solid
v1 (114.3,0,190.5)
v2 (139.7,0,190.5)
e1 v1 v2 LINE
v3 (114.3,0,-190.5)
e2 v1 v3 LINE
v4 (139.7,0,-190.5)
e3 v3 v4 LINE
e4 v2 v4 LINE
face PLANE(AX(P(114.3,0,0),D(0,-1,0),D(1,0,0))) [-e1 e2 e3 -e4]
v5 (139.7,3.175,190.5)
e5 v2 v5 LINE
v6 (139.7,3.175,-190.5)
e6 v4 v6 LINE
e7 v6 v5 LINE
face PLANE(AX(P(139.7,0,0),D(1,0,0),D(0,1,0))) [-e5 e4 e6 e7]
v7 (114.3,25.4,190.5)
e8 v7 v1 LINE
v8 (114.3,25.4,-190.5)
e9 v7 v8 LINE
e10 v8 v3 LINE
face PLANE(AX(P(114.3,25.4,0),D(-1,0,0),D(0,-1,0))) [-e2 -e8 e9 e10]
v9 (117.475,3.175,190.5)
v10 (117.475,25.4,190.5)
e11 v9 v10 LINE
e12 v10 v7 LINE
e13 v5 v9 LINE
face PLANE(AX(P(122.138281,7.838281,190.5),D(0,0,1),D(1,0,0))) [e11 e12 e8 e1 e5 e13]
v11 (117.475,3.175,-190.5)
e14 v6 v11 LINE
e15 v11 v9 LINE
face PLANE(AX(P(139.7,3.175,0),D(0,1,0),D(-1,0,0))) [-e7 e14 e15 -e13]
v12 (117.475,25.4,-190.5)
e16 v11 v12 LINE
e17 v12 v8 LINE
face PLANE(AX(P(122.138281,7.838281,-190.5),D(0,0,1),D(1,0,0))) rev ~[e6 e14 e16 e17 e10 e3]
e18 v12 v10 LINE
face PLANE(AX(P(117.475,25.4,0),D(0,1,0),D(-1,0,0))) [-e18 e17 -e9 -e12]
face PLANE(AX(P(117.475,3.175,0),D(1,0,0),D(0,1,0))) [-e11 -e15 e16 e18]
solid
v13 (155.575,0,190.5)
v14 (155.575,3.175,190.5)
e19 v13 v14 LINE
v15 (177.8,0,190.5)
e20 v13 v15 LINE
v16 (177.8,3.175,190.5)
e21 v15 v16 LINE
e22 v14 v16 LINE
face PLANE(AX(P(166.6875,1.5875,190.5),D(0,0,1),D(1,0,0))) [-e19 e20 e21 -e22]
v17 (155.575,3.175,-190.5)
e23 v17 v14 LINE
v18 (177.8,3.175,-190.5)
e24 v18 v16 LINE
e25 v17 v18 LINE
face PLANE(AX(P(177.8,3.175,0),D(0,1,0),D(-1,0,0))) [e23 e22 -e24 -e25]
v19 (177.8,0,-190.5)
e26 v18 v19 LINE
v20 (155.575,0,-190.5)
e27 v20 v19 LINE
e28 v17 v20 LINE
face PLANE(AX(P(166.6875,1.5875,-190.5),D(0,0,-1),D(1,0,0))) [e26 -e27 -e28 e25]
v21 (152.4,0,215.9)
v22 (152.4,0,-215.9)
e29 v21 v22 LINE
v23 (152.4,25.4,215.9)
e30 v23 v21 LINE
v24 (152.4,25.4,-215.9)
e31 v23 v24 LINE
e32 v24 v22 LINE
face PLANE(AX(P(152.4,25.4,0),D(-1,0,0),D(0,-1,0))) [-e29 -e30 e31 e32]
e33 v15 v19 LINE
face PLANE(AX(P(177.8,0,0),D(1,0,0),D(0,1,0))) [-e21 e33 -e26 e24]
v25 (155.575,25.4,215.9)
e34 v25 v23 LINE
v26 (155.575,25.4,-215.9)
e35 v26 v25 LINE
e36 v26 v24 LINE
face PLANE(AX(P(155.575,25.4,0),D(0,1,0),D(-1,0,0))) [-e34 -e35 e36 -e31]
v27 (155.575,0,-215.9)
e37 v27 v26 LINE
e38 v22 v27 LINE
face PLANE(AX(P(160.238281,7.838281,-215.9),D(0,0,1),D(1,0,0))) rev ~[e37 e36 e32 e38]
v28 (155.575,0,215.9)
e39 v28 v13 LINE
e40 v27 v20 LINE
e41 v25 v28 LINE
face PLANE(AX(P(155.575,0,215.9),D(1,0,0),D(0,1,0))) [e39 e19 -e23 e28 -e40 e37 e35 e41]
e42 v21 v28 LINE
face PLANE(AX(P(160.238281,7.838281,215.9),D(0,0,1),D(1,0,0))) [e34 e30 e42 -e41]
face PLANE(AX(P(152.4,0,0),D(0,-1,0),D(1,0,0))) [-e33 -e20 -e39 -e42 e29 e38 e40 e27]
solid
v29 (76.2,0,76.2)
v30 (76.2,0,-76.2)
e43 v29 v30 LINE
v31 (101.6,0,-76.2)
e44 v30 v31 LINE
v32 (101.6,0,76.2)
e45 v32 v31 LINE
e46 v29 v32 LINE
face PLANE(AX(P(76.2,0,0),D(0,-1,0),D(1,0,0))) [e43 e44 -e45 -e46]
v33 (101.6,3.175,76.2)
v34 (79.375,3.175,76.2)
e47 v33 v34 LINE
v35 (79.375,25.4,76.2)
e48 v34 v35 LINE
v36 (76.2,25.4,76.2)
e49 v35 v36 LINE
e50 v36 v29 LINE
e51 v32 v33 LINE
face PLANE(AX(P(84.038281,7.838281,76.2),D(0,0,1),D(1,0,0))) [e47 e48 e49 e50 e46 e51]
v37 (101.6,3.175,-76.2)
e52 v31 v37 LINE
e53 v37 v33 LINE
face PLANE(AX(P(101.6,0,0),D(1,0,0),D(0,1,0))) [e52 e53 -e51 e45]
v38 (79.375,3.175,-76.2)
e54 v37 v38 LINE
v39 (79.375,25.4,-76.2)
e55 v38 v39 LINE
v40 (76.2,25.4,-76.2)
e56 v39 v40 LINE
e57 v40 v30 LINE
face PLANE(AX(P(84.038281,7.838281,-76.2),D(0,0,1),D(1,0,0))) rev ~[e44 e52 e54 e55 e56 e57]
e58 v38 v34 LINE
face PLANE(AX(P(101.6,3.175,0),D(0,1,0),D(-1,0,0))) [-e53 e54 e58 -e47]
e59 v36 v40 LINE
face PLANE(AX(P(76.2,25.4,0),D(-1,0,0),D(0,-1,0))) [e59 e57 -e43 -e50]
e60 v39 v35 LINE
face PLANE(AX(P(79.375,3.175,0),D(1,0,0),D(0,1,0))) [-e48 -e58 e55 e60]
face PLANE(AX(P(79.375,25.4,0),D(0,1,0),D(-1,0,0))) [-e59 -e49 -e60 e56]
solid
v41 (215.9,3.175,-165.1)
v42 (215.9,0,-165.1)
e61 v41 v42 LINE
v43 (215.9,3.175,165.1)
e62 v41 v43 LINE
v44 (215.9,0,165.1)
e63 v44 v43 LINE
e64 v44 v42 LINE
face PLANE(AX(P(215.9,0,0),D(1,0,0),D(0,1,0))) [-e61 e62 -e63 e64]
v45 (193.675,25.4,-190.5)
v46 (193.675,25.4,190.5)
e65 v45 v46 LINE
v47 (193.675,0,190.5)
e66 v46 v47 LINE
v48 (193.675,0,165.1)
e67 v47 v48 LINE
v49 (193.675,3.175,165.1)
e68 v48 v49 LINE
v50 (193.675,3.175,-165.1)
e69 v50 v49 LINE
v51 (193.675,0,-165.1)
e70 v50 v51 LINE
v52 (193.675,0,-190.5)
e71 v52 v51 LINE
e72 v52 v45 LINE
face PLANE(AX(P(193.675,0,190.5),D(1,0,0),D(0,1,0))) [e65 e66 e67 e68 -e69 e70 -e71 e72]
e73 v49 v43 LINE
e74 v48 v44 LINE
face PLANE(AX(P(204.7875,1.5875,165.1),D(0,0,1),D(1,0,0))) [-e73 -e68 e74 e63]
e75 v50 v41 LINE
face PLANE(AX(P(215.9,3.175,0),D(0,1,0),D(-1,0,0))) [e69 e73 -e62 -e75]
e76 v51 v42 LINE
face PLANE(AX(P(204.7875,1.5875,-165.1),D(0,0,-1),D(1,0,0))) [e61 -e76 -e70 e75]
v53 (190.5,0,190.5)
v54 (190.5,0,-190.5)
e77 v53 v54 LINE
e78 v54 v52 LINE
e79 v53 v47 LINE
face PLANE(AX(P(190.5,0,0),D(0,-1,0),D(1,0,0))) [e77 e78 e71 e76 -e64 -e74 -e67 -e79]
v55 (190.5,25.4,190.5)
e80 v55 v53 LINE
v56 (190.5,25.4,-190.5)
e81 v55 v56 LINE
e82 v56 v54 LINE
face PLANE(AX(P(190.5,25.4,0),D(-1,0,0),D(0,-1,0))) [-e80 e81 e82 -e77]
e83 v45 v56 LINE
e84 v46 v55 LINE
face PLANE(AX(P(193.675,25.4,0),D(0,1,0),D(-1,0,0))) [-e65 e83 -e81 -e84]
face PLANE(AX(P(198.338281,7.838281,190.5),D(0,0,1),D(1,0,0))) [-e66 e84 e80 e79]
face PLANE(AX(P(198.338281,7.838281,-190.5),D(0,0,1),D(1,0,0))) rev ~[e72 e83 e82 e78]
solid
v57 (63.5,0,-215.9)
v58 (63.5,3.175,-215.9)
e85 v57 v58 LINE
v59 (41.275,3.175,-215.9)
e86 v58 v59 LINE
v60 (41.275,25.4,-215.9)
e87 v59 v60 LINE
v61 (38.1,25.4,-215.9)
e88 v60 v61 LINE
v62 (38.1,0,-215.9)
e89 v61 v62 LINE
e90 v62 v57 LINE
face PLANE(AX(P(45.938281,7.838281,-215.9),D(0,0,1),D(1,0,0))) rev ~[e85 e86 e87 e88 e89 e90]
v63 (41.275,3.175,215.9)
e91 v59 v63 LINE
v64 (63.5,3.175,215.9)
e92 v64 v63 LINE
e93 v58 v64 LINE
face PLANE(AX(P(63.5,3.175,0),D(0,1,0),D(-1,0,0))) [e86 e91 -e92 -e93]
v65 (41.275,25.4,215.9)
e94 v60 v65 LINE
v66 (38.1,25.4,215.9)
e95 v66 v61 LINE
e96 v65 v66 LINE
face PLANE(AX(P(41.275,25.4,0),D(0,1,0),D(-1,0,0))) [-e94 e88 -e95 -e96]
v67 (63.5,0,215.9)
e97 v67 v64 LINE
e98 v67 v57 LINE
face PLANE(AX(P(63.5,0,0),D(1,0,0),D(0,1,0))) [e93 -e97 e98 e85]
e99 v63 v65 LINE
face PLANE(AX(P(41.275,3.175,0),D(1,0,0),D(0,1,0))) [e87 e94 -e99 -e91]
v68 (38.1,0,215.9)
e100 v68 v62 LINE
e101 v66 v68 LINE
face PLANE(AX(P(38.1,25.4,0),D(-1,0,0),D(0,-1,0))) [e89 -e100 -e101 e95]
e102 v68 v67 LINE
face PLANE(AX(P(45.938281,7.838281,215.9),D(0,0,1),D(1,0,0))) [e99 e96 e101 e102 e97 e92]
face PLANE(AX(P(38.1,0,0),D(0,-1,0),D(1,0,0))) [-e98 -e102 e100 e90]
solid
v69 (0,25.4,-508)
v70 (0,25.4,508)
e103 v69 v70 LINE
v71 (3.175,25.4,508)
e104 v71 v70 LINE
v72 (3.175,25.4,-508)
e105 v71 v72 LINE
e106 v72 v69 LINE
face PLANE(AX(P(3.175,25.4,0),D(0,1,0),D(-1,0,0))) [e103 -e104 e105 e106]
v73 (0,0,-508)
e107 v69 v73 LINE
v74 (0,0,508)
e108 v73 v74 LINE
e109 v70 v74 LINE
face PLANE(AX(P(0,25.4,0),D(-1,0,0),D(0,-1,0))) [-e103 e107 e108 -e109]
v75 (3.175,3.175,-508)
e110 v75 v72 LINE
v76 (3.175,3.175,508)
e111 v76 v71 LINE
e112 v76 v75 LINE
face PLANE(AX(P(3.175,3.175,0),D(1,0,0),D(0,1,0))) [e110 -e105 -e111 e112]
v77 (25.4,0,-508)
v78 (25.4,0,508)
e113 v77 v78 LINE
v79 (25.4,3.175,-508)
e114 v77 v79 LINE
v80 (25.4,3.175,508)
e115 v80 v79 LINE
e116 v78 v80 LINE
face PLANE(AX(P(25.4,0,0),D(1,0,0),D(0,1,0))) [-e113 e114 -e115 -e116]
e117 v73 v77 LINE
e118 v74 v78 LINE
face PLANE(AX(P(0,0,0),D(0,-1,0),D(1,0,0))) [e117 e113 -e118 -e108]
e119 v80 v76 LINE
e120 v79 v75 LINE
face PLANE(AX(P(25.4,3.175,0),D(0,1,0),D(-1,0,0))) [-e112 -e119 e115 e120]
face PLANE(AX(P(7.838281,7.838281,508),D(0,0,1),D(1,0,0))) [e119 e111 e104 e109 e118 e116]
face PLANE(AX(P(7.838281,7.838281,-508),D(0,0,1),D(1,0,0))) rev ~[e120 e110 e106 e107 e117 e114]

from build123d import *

# Parameters (mm, degrees)
F1_DEPTH  = 508
F2_DEPTH  = 215.9
F3_DEPTH  = 76.2
F4_DEPTH  = 190.5
F5_DEPTH  = 215.9
F6_DEPTH  = 190.5
F7_W      = 22.225
F7_H      = 3.175
F8_DEPTH  = 25.4
F9_W      = 22.225
F9_H      = 3.175
F10_DEPTH = 25.4
F11_W     = 22.225
F11_H     = 3.175
F12_DEPTH = 25.4
F13_W     = 22.225
F13_H     = 3.175
F14_DEPTH = 25.4


with BuildPart() as f1:
    # F0 (on Top) → F1 (new body, symmetric)
    with BuildSketch(Plane.XY):
        Polygon((3.175, 25.4), (0, 25.4), (0, 0), (25.4, 0), (25.4, 3.175), (3.175, 3.175), align=None)
    extrude(amount=F1_DEPTH, both=True)


with BuildPart() as f2:
    # F0 (on Top) → F2 (new body, symmetric)
    with BuildSketch(Plane.XY):
        Polygon((63.5, 0), (63.5, 3.175), (41.275, 3.175), (41.275, 25.4), (38.1, 25.4), (38.1, 0), align=None)
    extrude(amount=F2_DEPTH, both=True)


with BuildPart() as f3:
    # F0 (on Top) → F3 (new body, symmetric)
    with BuildSketch(Plane.XY):
        Polygon((101.6, 0), (101.6, 3.175), (79.375, 3.175), (79.375, 25.4), (76.2, 25.4), (76.2, 0), align=None)
    extrude(amount=F3_DEPTH, both=True)


with BuildPart() as f4:
    # F0 (on Top) → F4 (new body, symmetric)
    with BuildSketch(Plane.XY):
        Polygon((139.7, 0), (139.7, 3.175), (117.475, 3.175), (117.475, 25.4), (114.3, 25.4), (114.3, 0), align=None)
    extrude(amount=F4_DEPTH, both=True)


with BuildPart() as f5:
    # F0 (on Top) → F5 (new body, symmetric)
    with BuildSketch(Plane.XY):
        Polygon((177.8, 0), (177.8, 3.175), (155.575, 3.175), (155.575, 25.4), (152.4, 25.4), (152.4, 0), align=None)
    extrude(amount=F5_DEPTH, both=True)

    # F7 (on face) → F8 (cut)
    with BuildSketch(Plane(origin=(0, 0, -215.9), x_dir=(1, 0, 0), z_dir=(0, 0, -1))):
        with Locations((166.6875, -1.5875)):
            Rectangle(F7_W, F7_H)
    extrude(amount=-F8_DEPTH, mode=Mode.SUBTRACT)

    # F9 (on face) → F10 (cut)
    with BuildSketch(Plane.XY.offset(215.9)):
        with Locations((166.6875, 1.5875)):
            Rectangle(F9_W, F9_H)
    extrude(amount=-F10_DEPTH, mode=Mode.SUBTRACT)


with BuildPart() as f6:
    # F0 (on Top) → F6 (new body, symmetric)
    with BuildSketch(Plane.XY):
        Polygon((215.9, 0), (215.9, 3.175), (193.675, 3.175), (193.675, 25.4), (190.5, 25.4), (190.5, 0), align=None)
    extrude(amount=F6_DEPTH, both=True)

    # F11 (on face) → F12 (cut)
    with BuildSketch(Plane(origin=(0, 0, -190.5), x_dir=(1, 0, 0), z_dir=(0, 0, -1))):
        with Locations((204.7875, -1.5875)):
            Rectangle(F11_W, F11_H)
    extrude(amount=-F12_DEPTH, mode=Mode.SUBTRACT)

    # F13 (on face) → F14 (cut)
    with BuildSketch(Plane.XY.offset(190.5)):
        with Locations((204.7875, 1.5875)):
            Rectangle(F13_W, F13_H)
    extrude(amount=-F14_DEPTH, mode=Mode.SUBTRACT)


solid = Compound([f1.part, f2.part, f3.part, f4.part, f5.part, f6.part])
